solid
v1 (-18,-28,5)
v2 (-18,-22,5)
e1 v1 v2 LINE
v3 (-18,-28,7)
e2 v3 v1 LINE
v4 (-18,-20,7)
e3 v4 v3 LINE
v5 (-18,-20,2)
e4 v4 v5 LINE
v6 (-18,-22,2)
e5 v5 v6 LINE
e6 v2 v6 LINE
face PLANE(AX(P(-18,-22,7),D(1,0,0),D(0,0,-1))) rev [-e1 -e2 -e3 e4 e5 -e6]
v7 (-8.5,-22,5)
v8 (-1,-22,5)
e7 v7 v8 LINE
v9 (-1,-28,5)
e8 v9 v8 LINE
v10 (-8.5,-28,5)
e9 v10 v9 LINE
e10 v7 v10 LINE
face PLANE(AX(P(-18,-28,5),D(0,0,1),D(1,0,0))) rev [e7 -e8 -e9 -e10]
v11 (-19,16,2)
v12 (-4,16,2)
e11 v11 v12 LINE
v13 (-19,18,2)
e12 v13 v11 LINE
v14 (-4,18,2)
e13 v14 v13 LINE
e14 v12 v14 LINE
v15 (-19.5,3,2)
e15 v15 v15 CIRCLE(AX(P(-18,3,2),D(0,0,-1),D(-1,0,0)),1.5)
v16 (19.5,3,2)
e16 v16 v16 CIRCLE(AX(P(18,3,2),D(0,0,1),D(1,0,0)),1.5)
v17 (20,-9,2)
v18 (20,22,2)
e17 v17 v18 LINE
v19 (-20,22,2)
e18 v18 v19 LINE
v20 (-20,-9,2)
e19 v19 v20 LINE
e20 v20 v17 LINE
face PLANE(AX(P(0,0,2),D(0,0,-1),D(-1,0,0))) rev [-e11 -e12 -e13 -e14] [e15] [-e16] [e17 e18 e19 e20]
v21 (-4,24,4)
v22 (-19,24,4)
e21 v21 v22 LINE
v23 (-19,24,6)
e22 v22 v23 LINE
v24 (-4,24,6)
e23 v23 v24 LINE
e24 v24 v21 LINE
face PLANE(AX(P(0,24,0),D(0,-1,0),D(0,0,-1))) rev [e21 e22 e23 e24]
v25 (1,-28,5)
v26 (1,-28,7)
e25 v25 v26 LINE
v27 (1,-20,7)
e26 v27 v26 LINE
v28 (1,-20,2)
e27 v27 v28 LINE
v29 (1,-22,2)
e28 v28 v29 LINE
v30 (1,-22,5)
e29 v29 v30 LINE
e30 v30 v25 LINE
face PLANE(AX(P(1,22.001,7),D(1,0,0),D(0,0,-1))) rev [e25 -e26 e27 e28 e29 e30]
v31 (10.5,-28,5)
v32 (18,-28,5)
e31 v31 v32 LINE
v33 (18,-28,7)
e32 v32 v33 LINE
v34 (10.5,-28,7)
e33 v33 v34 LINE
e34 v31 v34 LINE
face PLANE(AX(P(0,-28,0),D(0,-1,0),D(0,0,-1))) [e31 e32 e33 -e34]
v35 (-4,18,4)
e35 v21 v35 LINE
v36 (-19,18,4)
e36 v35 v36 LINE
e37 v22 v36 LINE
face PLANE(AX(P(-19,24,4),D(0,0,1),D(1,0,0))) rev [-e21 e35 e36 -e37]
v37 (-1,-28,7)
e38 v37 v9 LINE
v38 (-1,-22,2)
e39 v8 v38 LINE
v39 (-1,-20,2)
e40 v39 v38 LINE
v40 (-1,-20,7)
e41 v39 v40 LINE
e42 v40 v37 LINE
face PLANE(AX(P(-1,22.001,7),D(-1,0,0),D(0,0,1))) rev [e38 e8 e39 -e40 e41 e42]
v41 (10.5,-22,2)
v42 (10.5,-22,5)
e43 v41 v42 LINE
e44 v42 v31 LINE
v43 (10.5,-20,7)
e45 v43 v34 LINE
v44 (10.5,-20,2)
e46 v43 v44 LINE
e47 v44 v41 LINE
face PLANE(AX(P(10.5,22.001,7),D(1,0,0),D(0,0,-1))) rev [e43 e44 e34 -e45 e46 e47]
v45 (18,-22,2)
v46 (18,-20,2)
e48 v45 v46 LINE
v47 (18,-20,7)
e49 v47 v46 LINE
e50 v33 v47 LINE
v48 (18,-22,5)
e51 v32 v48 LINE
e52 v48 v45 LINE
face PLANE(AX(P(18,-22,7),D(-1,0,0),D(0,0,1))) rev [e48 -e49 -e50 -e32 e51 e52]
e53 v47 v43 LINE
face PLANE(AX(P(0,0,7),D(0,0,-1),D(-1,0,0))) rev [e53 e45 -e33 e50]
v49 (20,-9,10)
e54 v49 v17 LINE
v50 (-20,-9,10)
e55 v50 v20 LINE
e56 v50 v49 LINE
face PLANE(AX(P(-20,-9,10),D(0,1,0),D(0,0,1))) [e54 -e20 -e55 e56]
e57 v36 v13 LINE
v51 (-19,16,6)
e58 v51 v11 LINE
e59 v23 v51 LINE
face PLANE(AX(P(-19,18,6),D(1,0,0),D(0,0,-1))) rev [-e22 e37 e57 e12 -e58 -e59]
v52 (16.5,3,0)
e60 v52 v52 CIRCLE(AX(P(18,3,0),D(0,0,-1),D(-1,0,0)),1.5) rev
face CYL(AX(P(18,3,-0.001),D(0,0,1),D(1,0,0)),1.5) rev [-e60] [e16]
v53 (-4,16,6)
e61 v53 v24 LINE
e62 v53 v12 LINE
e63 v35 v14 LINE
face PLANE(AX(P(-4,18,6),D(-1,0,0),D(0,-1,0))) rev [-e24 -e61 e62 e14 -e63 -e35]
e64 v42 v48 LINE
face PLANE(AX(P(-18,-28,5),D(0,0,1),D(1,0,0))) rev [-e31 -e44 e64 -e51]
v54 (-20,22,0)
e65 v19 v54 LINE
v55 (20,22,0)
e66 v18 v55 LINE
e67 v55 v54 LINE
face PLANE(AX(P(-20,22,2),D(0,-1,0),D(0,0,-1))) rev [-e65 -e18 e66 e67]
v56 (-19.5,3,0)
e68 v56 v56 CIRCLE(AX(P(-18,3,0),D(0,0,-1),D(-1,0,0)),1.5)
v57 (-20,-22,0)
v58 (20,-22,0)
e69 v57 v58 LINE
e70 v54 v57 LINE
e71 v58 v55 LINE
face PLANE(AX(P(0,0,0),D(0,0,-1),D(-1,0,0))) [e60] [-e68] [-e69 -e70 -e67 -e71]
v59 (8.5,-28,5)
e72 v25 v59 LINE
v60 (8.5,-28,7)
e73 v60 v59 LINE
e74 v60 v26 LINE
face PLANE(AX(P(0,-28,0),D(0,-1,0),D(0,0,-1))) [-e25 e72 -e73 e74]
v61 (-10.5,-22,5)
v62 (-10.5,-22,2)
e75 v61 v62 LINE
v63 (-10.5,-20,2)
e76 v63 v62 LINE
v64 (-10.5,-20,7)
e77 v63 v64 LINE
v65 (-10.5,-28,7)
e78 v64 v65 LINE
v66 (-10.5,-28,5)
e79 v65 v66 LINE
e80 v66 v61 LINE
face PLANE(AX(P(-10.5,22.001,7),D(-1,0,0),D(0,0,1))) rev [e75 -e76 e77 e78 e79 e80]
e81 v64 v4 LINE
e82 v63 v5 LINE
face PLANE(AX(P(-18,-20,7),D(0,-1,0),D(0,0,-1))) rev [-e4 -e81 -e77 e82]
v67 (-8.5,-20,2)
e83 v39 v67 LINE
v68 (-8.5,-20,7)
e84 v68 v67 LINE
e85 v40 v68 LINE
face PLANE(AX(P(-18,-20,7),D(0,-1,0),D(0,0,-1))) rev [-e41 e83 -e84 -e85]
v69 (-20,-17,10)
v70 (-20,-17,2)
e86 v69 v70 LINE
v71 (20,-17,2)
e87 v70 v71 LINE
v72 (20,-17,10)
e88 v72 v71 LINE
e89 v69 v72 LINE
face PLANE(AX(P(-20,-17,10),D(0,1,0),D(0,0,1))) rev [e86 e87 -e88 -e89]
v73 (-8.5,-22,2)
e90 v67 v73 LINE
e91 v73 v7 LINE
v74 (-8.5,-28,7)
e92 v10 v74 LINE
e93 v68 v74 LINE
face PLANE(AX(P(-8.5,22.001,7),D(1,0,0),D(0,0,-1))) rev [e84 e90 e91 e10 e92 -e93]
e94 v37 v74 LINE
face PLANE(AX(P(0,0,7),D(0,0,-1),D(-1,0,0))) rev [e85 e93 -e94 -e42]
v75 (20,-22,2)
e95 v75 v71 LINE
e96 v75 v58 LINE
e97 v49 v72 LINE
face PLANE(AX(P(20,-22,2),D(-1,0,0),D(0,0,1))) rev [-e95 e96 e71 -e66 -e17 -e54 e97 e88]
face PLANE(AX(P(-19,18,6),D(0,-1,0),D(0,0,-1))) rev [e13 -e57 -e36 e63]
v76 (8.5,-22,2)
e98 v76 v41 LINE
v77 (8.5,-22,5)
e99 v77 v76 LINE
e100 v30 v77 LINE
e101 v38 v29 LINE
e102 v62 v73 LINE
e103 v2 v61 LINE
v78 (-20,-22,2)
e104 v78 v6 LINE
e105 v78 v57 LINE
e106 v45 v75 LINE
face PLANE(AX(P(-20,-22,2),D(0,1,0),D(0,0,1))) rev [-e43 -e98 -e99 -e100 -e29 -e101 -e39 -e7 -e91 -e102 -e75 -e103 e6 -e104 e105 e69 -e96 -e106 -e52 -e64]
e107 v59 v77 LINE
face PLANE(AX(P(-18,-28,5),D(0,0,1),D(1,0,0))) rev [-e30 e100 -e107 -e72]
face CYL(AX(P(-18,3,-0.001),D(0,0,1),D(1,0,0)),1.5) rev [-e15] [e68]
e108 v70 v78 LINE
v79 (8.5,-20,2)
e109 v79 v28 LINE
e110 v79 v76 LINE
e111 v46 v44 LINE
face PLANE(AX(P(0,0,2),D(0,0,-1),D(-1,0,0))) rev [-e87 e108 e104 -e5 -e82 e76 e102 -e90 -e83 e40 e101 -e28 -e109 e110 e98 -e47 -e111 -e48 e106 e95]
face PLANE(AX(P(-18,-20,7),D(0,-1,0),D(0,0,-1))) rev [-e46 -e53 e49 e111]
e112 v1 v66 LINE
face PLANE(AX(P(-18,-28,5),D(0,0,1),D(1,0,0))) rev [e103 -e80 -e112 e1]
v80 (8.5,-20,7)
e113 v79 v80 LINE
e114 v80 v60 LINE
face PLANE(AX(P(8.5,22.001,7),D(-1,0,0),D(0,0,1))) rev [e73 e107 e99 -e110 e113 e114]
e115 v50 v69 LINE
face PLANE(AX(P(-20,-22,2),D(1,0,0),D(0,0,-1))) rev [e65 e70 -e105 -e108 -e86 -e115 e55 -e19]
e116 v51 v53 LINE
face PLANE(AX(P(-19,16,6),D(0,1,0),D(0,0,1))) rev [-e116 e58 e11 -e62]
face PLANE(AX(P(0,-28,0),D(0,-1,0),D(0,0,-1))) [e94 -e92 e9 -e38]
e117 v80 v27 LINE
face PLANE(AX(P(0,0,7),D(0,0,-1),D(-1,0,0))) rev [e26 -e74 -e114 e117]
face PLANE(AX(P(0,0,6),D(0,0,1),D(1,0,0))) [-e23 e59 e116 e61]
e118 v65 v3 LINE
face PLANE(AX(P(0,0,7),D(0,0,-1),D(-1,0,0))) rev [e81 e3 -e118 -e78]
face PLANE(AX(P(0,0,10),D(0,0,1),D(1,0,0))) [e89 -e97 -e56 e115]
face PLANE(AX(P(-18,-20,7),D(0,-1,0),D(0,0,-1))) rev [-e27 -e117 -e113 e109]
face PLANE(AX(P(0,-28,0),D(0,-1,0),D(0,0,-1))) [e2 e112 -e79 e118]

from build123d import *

# Parameters (mm, degrees)
ESQUISSE1_W             = 40
ESQUISSE1_H             = 44
BOSS_EXTRU_1_DEPTH      = 2
ESQUISSE2_W             = 40
ESQUISSE2_H             = 8
BOSS_EXTRU_2_DEPTH      = 8
ESQUISSE3_W             = 36
ESQUISSE3_H             = 2
BOSS_EXTRU_3_DEPTH      = 5
ESQUISSE4_W             = 36
ESQUISSE4_H             = 2
BOSS_EXTRU_4_DEPTH      = 6
ENL_V_MAT_EXTRU_1_REACH = 56.772
ESQUISSE5_W             = 2
ESQUISSE5_H             = 5
ESQUISSE6_W             = 15
ESQUISSE6_H             = 2
BOSS_EXTRU_5_DEPTH      = 4
ESQUISSE7_W             = 15
ESQUISSE7_H             = 2
BOSS_EXTRU_6_DEPTH      = 6
ENL_V_MAT_EXTRU_2_REACH = 37.327
ESQUISSE8_R             = 1.5


with BuildPart() as part:
    # Esquisse1 → Boss.-Extru.1 (new body)
    with BuildSketch(Plane.XY):
        Rectangle(ESQUISSE1_W, ESQUISSE1_H)
    extrude(amount=BOSS_EXTRU_1_DEPTH)

    # Esquisse2 → Boss.-Extru.2 (add)
    with BuildSketch(Plane.XY.offset(2)):
        with Locations((0, -13)):
            Rectangle(ESQUISSE2_W, ESQUISSE2_H)
    extrude(amount=BOSS_EXTRU_2_DEPTH)

    # Esquisse3 → Boss.-Extru.3 (add)
    with BuildSketch(Plane.XY.offset(2)):
        with Locations((0, -21)):
            Rectangle(ESQUISSE3_W, ESQUISSE3_H)
    extrude(amount=BOSS_EXTRU_3_DEPTH)

    # Esquisse4 → Boss.-Extru.4 (add)
    with BuildSketch(Plane.XZ.offset(22)):
        with Locations((0, 6)):
            Rectangle(ESQUISSE4_W, ESQUISSE4_H)
    extrude(amount=BOSS_EXTRU_4_DEPTH)

    # Esquisse5 → Enlèv. mat.-Extru.1 (cut, up to next)
    with BuildSketch(Plane.XZ.offset(28), mode=Mode.PRIVATE) as enl_v_mat_extru_1_sk1:
        with Locations((-9.5, 4.5)):
            Rectangle(ESQUISSE5_W, ESQUISSE5_H)
    enl_v_mat_extru_1_tool1 = extrude(enl_v_mat_extru_1_sk1.sketch, amount=-ENL_V_MAT_EXTRU_1_REACH, mode=Mode.PRIVATE) & part.part
    # Esquisse5 → Enlèv. mat.-Extru.1 (cut, up to next)
    with BuildSketch(Plane.XZ.offset(28), mode=Mode.PRIVATE) as enl_v_mat_extru_1_sk2:
        with Locations((0, 4.5)):
            Rectangle(ESQUISSE5_W, ESQUISSE5_H)
    enl_v_mat_extru_1_tool2 = extrude(enl_v_mat_extru_1_sk2.sketch, amount=-ENL_V_MAT_EXTRU_1_REACH, mode=Mode.PRIVATE) & part.part
    # Esquisse5 → Enlèv. mat.-Extru.1 (cut, up to next)
    with BuildSketch(Plane.XZ.offset(28), mode=Mode.PRIVATE) as enl_v_mat_extru_1_sk3:
        with Locations((9.5, 4.5)):
            Rectangle(ESQUISSE5_W, ESQUISSE5_H)
    enl_v_mat_extru_1_tool3 = extrude(enl_v_mat_extru_1_sk3.sketch, amount=-ENL_V_MAT_EXTRU_1_REACH, mode=Mode.PRIVATE) & part.part
    add(enl_v_mat_extru_1_tool1.solids().sort_by_distance((-9.5, -28, 4.5))[0], mode=Mode.SUBTRACT)
    add(enl_v_mat_extru_1_tool2.solids().sort_by_distance((0, -28, 4.5))[0], mode=Mode.SUBTRACT)
    add(enl_v_mat_extru_1_tool3.solids().sort_by_distance((9.5, -28, 4.5))[0], mode=Mode.SUBTRACT)

    # Esquisse6 → Boss.-Extru.5 (add)
    with BuildSketch(Plane.XY.offset(2)):
        with Locations((-11.5, 17)):
            Rectangle(ESQUISSE6_W, ESQUISSE6_H)
    extrude(amount=BOSS_EXTRU_5_DEPTH)

    # Esquisse7 → Boss.-Extru.6 (add)
    with BuildSketch(Plane(origin=(0, 18, 0), x_dir=(1, 0, 0), z_dir=(0, 1, 0))):
        with Locations((-11.5, -5)):
            Rectangle(ESQUISSE7_W, ESQUISSE7_H)
    extrude(amount=BOSS_EXTRU_6_DEPTH)

    # Esquisse8 → Enlèv. mat.-Extru.2 (cut, up to next)
    with BuildSketch(Plane.XY.offset(2), mode=Mode.PRIVATE) as enl_v_mat_extru_2_sk1:
        with Locations((18, 3)):
            Circle(ESQUISSE8_R)
    enl_v_mat_extru_2_tool1 = extrude(enl_v_mat_extru_2_sk1.sketch, amount=-ENL_V_MAT_EXTRU_2_REACH, mode=Mode.PRIVATE) & part.part
    enl_v_mat_extru_2 = enl_v_mat_extru_2_tool1.solids().sort_by_distance((18, 3, 2))[0]
    add(enl_v_mat_extru_2, mode=Mode.SUBTRACT)

    # Symétrie1: Enlèv. mat.-Extru.2 across plane
    add(enl_v_mat_extru_2.mirror(Plane(origin=(0, 0, 0), x_dir=(0, 0, 1), z_dir=(1, 0, 0))), mode=Mode.SUBTRACT)


solid = part.part
